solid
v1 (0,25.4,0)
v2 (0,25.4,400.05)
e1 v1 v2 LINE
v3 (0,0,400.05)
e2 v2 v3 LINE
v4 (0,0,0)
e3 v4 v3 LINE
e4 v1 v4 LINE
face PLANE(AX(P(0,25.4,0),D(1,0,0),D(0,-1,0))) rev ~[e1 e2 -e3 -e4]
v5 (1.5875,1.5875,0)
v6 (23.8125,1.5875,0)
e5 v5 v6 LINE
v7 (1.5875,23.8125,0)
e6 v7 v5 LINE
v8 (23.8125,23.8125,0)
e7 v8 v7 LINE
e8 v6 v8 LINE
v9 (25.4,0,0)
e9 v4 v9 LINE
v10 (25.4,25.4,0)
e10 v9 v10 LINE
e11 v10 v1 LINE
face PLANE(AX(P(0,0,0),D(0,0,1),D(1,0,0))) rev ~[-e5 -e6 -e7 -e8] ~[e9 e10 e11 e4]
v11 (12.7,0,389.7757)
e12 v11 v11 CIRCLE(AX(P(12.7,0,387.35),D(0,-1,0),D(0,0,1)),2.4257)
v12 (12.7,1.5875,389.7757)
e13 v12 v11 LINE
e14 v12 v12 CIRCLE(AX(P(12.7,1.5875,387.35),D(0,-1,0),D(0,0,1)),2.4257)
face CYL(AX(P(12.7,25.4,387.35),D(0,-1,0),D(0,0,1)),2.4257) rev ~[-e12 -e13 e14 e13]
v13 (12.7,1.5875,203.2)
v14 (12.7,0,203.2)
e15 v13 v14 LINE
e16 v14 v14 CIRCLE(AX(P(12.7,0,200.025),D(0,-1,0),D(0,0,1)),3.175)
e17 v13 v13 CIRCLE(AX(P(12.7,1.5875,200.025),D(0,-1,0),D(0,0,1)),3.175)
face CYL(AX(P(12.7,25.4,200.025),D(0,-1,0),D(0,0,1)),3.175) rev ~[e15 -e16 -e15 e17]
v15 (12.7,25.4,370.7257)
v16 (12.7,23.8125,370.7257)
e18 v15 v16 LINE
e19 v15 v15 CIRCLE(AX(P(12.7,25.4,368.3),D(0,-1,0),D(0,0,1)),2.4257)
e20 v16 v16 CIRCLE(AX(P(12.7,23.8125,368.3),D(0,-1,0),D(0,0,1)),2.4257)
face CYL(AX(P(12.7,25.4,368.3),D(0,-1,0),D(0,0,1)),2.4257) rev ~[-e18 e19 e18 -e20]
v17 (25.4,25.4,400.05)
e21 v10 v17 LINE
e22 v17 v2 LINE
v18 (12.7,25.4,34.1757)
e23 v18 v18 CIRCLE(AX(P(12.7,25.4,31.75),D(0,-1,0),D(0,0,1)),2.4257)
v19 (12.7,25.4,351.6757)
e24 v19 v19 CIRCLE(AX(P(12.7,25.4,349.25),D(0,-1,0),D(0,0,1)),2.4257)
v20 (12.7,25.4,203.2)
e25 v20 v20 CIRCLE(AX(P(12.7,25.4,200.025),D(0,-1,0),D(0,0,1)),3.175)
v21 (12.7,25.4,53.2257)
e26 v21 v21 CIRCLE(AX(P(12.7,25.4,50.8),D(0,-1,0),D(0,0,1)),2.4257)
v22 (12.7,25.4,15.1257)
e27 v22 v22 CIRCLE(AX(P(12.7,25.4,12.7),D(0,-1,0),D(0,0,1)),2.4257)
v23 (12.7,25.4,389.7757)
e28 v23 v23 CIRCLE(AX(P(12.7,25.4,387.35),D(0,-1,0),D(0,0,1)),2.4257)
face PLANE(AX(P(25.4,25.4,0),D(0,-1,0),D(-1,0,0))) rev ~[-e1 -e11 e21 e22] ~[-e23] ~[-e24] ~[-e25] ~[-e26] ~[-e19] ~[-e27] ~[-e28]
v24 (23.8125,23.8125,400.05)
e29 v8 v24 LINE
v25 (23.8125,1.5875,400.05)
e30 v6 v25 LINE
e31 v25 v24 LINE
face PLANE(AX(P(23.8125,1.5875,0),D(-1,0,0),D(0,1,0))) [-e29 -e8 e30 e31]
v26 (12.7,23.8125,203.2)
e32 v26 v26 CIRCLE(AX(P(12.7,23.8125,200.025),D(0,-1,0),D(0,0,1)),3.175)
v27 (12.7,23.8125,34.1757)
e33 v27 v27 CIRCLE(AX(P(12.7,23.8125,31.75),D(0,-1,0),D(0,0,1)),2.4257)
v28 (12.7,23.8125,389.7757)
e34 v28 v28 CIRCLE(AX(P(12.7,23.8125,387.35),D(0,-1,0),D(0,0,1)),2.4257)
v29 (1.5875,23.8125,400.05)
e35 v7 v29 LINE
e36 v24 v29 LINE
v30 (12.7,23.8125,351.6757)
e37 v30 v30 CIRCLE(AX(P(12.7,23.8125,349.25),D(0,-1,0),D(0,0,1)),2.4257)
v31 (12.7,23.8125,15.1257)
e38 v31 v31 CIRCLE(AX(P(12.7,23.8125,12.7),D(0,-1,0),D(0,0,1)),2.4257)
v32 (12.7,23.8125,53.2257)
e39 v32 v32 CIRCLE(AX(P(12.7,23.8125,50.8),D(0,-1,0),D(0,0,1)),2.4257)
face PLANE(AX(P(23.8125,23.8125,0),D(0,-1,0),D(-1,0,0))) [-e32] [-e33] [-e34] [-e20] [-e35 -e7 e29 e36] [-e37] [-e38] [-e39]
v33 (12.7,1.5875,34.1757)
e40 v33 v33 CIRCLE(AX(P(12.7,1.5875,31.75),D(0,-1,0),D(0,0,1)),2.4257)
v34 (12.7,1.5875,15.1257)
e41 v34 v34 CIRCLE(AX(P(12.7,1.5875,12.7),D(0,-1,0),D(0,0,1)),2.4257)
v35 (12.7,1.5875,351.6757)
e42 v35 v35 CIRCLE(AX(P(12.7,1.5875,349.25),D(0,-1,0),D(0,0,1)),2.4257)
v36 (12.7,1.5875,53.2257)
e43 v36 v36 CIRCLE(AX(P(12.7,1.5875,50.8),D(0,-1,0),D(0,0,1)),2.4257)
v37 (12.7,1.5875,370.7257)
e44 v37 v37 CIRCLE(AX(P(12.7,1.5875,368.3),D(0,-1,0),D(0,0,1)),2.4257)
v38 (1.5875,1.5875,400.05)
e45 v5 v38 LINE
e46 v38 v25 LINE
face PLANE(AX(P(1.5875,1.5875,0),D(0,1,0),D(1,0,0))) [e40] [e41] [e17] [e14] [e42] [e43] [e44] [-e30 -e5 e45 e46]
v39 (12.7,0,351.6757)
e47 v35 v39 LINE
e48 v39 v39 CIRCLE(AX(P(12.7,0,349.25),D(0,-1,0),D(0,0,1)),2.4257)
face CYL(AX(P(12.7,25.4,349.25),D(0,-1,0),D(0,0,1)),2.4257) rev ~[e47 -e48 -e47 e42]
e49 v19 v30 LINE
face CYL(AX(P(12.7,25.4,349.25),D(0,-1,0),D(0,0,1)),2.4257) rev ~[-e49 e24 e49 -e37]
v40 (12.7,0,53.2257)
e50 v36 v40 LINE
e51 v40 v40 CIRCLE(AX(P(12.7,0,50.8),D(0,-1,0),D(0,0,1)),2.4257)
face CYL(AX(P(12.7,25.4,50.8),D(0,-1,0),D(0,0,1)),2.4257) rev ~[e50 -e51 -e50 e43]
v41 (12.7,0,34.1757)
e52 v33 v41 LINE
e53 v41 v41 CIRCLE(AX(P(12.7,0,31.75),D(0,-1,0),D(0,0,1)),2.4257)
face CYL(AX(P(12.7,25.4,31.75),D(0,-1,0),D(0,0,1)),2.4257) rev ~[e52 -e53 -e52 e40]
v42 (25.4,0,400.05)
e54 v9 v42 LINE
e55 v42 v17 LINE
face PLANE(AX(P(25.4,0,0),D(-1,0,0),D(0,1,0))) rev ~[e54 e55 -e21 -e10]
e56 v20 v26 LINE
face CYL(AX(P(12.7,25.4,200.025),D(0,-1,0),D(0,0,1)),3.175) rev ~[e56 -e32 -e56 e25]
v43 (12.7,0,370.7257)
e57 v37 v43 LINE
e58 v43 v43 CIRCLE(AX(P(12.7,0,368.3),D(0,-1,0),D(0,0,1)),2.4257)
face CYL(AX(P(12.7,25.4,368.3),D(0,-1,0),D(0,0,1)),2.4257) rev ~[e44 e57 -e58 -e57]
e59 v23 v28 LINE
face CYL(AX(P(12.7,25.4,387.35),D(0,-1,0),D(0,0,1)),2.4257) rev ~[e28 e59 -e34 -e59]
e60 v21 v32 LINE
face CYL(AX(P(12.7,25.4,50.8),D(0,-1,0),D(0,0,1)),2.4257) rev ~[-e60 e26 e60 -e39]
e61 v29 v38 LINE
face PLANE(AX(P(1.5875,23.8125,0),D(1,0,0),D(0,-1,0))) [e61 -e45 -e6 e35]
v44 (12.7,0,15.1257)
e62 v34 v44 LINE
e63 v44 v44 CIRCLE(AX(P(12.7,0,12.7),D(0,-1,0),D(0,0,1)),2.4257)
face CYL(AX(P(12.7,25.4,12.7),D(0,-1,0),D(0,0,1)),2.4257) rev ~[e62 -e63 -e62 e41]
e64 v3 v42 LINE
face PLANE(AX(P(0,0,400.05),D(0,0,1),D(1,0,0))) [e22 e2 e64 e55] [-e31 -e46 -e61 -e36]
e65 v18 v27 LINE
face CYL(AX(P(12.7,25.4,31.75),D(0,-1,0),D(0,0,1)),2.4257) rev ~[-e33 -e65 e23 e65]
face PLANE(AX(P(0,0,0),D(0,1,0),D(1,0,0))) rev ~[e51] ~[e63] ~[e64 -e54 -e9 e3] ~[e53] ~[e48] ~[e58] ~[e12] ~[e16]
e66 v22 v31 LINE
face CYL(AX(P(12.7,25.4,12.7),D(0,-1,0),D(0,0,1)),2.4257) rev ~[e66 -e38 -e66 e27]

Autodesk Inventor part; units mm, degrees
ref_plane "YZ Plane" through (0, 0, 0) normal (1, 0, 0) x (0, 1, 0)
ref_plane "XZ Plane" through (0, 0, 0) normal (0, 1, 0) x (-1, 0, 0)
ref_plane "XY Plane" through (0, 0, 0) normal (0, 0, 1) x (1, 0, 0)
sketch "Sketch1" plane through (0, 0, 0) normal (0, 0, 1) x (1, 0, 0)
  line L0 (0, 0) -> (25.4, 0)
  line L1 (25.4, 0) -> (25.4, 25.4)
  line L2 (25.4, 25.4) -> (0, 25.4)
  line L3 (0, 25.4) -> (0, 0)
  line L4 (1.5875, 1.5875) -> (23.8125, 1.5875)
  line L5 (23.8125, 1.5875) -> (23.8125, 23.8125)
  line L6 (23.8125, 23.8125) -> (1.5875, 23.8125)
  line L7 (1.5875, 23.8125) -> (1.5875, 1.5875)
  dimension "d0" = 25.4
  dimension "d1" = 25.4
  dimension "d2" = 1.5875
extrude "Extrusion1" add sketch "Sketch1" along normal blind 400.05
sketch "Sketch3" plane through (0, 25.4, 0) normal (0, 1, 0) x (1, 0, 0)
  line L0 (25.4, 0) -> (0, 0) projected
  line L1 (0, 0) -> (0, -400.05) projected
  line L2 (25.4, -400.05) -> (0, -400.05) projected
  line L3 (25.4, 0) -> (25.4, -400.05) projected
  point P0 (0, 0)
  point P1 (12.7, -200.025)
  dimension "d15" = 200.025
  dimension "d16" = 400.05
  dimension "d17" = 12.7
hole "Hole2" at (12.7, 25.4, 200.025) direction (0, -1, 0) diameter 6.35 end through all clearance for "Flat Head Machine Screw (82)" size "1/4" standard "Ansi Unified Screw Threads"
sketch "Sketch5" plane through (0, 25.4, 0) normal (0, 1, 0) x (1, 0, 0)
  line L0 (0, 0) -> (0, -400.05) projected
  line L1 (25.4, -400.05) -> (0, -400.05) projected
  point P0 (12.7, -387.35)
  dimension "d25" = 12.7
  dimension "d26" = 12.7
hole "Hole3" at (12.7, 25.4, 387.35) direction (0, -1, 0) diameter 4.8514 end through all
pattern_linear "Rectangular Pattern1" count 3 spacing 19.05 along (0, 0, -1) of "Hole3"
sketch "Sketch6" plane through (0, 25.4, 0) normal (0, 1, 0) x (1, 0, 0)
  line L0 (25.4, 0) -> (0, 0) projected
  line L1 (25.4, 0) -> (25.4, -400.05) projected
  point P0 (12.7, -12.7)
  dimension "d37" = 12.7
  dimension "d38" = 12.7
hole "Hole4" at (12.7, 25.4, 12.7) direction (0, -1, 0) diameter 4.8514 end through all
pattern_linear "Rectangular Pattern2" count 3 spacing 19.05 along (0, 0, 1) of "Hole4"
equation "\"d15\" = 0.5 * d16"
properties part number "CLB_043_FourPartScissorBarMiddle" material "Aluminum 6061"
